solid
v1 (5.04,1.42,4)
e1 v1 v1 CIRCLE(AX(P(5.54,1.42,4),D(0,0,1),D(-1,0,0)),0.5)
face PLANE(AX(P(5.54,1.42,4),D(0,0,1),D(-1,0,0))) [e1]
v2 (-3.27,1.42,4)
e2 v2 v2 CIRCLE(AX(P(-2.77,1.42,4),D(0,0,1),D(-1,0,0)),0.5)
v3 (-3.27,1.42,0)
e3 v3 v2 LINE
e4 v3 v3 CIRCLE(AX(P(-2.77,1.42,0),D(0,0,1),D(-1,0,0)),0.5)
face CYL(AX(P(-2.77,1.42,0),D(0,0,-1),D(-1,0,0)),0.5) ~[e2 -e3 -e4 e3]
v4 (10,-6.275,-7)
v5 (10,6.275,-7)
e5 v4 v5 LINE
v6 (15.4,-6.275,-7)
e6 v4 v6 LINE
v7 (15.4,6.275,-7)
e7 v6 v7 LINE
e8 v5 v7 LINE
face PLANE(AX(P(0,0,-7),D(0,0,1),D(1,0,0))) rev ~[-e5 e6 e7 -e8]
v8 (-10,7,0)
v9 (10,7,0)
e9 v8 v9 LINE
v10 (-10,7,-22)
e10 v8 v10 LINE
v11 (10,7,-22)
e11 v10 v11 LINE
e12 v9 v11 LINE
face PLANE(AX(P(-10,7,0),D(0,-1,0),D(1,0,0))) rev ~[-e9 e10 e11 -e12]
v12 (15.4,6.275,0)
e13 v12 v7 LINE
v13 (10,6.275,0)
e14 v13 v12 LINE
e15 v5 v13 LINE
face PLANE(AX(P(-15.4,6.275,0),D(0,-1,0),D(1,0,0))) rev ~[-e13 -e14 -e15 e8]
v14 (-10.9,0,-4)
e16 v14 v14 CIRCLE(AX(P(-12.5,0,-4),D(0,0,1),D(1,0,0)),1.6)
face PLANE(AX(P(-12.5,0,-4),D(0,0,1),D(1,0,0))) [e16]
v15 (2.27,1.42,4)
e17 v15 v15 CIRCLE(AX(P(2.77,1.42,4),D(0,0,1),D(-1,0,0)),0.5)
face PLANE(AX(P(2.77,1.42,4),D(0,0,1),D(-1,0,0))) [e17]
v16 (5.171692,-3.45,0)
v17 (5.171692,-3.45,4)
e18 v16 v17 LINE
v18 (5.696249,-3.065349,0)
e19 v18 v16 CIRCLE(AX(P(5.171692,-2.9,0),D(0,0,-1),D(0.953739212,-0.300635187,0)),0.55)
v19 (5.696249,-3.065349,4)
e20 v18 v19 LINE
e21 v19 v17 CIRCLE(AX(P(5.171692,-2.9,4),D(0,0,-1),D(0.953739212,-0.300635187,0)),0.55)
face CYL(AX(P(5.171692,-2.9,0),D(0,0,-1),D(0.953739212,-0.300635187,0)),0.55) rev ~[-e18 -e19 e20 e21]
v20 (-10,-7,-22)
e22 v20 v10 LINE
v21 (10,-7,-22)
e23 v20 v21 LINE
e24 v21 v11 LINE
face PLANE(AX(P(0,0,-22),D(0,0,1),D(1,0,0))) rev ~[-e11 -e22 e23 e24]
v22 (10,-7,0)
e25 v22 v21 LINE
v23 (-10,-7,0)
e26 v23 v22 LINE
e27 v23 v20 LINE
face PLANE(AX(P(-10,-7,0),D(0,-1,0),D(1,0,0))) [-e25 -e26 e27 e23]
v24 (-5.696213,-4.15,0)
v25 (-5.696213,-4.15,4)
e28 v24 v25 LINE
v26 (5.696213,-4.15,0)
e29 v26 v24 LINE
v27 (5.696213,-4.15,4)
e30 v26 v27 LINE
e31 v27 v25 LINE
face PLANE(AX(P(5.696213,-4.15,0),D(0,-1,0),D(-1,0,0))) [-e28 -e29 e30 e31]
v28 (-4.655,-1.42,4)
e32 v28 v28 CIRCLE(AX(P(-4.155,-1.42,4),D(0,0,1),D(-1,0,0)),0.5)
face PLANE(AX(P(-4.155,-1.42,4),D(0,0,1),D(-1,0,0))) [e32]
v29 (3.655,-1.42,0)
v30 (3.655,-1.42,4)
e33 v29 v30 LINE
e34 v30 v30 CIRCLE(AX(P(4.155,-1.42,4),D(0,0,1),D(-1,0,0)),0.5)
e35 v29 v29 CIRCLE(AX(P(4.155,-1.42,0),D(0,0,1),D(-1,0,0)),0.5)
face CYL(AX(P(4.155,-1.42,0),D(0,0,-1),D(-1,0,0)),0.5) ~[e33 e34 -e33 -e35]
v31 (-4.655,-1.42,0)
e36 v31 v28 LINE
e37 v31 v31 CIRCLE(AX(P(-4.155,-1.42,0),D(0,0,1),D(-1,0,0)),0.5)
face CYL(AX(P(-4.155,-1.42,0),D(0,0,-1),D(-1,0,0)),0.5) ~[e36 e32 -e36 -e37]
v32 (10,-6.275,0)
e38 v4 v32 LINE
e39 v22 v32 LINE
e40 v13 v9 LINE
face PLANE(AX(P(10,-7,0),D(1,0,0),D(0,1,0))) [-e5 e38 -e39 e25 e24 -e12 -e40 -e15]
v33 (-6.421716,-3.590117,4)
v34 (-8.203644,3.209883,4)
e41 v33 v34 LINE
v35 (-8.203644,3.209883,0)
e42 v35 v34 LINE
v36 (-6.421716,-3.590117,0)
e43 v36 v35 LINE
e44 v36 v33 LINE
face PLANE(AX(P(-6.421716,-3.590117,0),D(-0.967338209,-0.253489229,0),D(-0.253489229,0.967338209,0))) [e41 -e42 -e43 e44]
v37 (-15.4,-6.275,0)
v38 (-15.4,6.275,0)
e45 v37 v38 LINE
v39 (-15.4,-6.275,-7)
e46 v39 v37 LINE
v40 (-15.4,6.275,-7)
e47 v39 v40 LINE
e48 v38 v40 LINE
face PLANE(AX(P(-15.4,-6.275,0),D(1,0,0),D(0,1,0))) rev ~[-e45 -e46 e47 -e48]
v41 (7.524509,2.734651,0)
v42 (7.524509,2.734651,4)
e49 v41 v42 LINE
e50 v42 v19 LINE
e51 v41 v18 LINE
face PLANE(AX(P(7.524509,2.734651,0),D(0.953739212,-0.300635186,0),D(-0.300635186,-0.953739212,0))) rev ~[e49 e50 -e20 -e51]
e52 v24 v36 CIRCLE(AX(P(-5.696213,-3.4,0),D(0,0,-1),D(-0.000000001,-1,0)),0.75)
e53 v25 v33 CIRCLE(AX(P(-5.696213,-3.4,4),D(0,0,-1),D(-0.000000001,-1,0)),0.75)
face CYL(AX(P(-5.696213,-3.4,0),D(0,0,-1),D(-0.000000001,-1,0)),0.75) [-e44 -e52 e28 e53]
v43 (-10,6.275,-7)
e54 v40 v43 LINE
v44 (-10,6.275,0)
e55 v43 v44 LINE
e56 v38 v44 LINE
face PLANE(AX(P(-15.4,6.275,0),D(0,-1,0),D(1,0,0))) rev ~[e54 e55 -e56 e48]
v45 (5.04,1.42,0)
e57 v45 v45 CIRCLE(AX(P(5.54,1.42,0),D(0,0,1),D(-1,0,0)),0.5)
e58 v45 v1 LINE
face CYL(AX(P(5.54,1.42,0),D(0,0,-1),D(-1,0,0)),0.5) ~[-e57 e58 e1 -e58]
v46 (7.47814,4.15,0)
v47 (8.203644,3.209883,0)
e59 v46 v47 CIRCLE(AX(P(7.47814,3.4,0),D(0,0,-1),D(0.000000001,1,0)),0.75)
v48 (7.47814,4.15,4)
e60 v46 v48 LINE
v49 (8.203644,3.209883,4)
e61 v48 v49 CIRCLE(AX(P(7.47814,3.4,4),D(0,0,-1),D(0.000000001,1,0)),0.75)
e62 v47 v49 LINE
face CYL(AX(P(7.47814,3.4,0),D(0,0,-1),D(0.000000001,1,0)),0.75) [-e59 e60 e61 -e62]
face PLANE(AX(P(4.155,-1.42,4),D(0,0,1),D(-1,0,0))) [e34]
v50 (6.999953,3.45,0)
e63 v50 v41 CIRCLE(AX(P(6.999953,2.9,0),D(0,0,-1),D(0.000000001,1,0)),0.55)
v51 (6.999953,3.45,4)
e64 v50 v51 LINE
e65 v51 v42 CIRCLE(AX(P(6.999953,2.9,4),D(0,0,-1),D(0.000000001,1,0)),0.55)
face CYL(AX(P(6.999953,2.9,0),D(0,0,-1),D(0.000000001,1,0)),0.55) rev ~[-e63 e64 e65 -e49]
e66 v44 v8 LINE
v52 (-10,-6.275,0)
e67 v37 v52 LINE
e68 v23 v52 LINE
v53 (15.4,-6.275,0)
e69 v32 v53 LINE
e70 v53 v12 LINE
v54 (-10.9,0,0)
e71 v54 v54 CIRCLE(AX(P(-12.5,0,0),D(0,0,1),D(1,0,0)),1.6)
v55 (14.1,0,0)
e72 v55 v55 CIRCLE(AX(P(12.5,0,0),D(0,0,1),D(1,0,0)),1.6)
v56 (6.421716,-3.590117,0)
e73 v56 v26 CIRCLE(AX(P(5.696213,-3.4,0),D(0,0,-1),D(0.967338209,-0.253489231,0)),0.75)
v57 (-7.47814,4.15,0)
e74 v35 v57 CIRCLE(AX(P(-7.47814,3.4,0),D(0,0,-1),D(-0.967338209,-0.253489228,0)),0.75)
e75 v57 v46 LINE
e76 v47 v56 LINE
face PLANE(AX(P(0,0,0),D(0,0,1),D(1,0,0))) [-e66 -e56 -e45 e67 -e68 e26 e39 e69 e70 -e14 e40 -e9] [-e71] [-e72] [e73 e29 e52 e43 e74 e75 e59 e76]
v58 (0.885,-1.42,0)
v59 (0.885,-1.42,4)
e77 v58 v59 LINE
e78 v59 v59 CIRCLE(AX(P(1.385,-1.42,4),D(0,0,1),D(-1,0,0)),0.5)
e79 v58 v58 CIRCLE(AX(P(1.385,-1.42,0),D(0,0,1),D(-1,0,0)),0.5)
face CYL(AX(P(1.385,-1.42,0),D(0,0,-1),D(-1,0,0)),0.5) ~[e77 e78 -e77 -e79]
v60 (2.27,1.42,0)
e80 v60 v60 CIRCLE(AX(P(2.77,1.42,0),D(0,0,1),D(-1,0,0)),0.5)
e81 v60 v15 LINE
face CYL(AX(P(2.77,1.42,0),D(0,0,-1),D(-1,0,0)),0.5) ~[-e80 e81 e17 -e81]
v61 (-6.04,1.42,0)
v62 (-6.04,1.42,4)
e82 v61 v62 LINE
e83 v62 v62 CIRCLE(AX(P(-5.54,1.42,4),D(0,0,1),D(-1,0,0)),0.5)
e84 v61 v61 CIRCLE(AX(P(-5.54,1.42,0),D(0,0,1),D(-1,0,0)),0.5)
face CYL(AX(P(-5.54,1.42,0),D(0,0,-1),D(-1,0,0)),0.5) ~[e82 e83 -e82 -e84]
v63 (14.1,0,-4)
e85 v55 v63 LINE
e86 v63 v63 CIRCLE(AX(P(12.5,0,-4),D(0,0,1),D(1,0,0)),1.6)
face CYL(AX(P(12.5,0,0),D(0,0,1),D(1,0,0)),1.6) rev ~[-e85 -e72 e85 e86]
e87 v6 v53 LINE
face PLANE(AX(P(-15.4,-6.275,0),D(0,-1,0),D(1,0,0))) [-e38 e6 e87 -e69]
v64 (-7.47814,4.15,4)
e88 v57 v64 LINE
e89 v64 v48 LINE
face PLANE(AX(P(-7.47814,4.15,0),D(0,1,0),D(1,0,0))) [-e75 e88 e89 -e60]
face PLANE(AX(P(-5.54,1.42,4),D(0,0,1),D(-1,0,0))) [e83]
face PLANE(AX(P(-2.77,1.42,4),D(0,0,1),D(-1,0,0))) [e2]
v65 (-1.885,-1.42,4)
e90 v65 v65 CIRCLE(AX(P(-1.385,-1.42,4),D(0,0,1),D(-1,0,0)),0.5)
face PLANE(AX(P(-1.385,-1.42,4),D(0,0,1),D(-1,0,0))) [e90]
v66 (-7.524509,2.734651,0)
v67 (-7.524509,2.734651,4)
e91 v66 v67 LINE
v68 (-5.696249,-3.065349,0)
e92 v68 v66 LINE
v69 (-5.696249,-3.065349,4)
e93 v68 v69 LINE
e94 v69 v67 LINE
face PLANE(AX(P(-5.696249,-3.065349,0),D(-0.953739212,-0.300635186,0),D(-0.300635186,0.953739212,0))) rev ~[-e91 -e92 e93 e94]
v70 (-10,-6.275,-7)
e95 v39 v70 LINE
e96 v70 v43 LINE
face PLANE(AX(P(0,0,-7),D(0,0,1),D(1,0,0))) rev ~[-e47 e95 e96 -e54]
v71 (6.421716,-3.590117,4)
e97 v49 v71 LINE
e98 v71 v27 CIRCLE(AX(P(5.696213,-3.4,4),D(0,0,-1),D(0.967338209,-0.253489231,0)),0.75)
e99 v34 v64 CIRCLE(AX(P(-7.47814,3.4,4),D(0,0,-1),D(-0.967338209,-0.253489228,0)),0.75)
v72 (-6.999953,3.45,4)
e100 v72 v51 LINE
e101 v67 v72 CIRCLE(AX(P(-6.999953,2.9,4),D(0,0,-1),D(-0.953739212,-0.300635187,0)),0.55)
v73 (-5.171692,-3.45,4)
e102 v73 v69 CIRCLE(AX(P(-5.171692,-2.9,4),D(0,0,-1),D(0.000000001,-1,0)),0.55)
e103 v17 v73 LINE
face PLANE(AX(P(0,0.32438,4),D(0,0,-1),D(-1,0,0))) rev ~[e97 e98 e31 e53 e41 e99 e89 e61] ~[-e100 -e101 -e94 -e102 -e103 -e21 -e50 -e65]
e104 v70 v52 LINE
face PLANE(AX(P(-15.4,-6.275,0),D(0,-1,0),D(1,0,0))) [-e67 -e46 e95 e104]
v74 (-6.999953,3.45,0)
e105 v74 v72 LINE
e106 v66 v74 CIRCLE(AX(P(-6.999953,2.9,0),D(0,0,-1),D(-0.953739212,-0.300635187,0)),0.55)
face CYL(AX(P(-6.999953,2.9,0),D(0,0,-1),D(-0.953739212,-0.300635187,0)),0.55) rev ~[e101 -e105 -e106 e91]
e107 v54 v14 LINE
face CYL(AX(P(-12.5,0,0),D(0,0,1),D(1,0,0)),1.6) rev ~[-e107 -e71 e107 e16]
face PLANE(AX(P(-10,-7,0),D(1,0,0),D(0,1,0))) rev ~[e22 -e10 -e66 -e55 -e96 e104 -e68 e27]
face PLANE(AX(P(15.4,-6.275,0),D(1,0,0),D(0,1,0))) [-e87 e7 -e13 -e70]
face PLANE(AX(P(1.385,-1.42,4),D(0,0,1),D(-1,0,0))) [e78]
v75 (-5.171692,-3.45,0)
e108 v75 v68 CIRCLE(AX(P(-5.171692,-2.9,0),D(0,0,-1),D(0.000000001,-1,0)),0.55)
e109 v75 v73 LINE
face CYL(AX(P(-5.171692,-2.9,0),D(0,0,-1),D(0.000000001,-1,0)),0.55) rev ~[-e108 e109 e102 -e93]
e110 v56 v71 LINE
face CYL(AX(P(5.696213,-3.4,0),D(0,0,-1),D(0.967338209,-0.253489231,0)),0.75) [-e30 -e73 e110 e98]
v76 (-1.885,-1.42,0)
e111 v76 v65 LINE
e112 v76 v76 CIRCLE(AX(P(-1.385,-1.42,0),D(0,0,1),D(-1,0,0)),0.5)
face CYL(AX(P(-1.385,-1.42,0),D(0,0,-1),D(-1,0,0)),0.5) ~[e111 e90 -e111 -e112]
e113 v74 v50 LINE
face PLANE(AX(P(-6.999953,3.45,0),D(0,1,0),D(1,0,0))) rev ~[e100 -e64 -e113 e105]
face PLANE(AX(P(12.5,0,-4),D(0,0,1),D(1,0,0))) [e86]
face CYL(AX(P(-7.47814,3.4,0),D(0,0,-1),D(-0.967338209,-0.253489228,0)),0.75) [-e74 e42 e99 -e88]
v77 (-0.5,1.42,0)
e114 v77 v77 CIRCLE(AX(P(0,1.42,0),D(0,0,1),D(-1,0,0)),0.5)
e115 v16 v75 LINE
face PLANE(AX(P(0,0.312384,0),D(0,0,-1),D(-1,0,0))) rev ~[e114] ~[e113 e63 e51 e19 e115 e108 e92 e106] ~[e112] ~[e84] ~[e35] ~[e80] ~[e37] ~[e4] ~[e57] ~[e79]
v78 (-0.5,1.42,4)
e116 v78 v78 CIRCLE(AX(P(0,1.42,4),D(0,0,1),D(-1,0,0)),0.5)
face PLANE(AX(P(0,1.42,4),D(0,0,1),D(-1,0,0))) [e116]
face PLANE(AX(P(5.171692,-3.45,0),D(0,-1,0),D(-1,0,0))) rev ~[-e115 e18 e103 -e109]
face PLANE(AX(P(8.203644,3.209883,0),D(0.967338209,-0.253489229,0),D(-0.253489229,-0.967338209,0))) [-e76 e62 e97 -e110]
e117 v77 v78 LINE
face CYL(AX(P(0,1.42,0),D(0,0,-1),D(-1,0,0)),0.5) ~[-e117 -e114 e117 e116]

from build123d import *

# Parameters (mm, degrees)
SKETCH_1_W                                     = 30.8
SKETCH_1_H                                     = 12.55
M3_01_THINFLANGE_30_80X12_55X0_60_DEPTH        = 0.6
SKETCH_2_W                                     = 30.8
SKETCH_2_H                                     = 12.55
M3_02_FIRSTSHOULDER_30_80X12_55_D7_00_DEPTH    = 7
SKETCH_3_W                                     = 20
SKETCH_3_H                                     = 14
M3_03_SECONDSTAGECORE_20_00X14_00_D22_00_DEPTH = 22
SKETCH_4_R                                     = 2.5
M3_04_SIMPLIFIEDFIXEDPOSTS_DIA5_00_L3_50_DEPTH = 3.5
M3_05_ROUNDEDDGUIDE_OUTERBOSS_L4_00_DEPTH      = 4
M3_06_ROUNDEDDGUIDE_INNEROPENING_DEPTH         = 4
SKETCH_7_R                                     = 0.5
M3_07_9PINS_DIA1_00_L4_00_DEPTH                = 4
SKETCH_8_R                                     = 1.6
M3_08_FIXEDPOSTBORES_DIA3_20_PITCH25_00_DEPTH  = 4


with BuildPart() as part:
    # 草图1 → M3_01_ThinFlange_30.80x12.55x0.60 (new body)
    with BuildSketch(Plane.XY):
        Rectangle(SKETCH_1_W, SKETCH_1_H)
    extrude(amount=-M3_01_THINFLANGE_30_80X12_55X0_60_DEPTH)

    # 草图2 → M3_02_FirstShoulder_30.80x12.55_D7.00 (add)
    with BuildSketch(Plane.XY):
        Rectangle(SKETCH_2_W, SKETCH_2_H)
    extrude(amount=-M3_02_FIRSTSHOULDER_30_80X12_55_D7_00_DEPTH)

    # 草图3 → M3_03_SecondStageCore_20.00x14.00_D22.00_FromFlange (add)
    with BuildSketch(Plane.XY):
        Rectangle(SKETCH_3_W, SKETCH_3_H)
    extrude(amount=-M3_03_SECONDSTAGECORE_20_00X14_00_D22_00_DEPTH)

    # 草图4 → M3_04_SimplifiedFixedPosts_Dia5.00_L3.50 (add)
    with BuildSketch(Plane.XY):
        with Locations((-12.5, 0)):
            Circle(SKETCH_4_R)
        with Locations((12.5, 0)):
            Circle(SKETCH_4_R)
    extrude(amount=-M3_04_SIMPLIFIEDFIXEDPOSTS_DIA5_00_L3_50_DEPTH)

    # 草图5 → M3_05_RoundedDGuide_OuterBoss_L4.00 (add)
    with BuildSketch(Plane.XY):
        with BuildLine():
            Line((-7.478140403, 4.15), (7.478140403, 4.15))
            ThreePointArc((7.478140403, 4.15), (8.071894431, 3.858209727), (8.20364406, 3.209883078))
            Line((8.20364406, 3.209883078), (6.421716349, -3.590116922))
            ThreePointArc((6.421716349, -3.590116922), (6.154422419, -3.993754028), (5.696212692, -4.15))
            Line((5.696212692, -4.15), (-5.696212692, -4.15))
            ThreePointArc((-5.696212692, -4.15), (-6.154422419, -3.993754028), (-6.421716349, -3.590116922))
            Line((-6.421716349, -3.590116922), (-8.20364406, 3.209883078))
            ThreePointArc((-8.20364406, 3.209883078), (-8.071894431, 3.858209727), (-7.478140403, 4.15))
        make_face()
    extrude(amount=M3_05_ROUNDEDDGUIDE_OUTERBOSS_L4_00_DEPTH)

    # 草图6 → M3_06_RoundedDGuide_InnerOpening (cut)
    with BuildSketch(Plane.XY):
        with BuildLine():
            Line((-6.999952877, 3.45), (6.999952877, 3.45))
            ThreePointArc((6.999952877, 3.45), (7.443485369, 3.225236726), (7.524509443, 2.734650647))
            Line((7.524509443, 2.734650647), (5.696248574, -3.065349353))
            ThreePointArc((5.696248574, -3.065349353), (5.496928733, -3.343532493), (5.171692007, -3.45))
            Line((5.171692007, -3.45), (-5.171692007, -3.45))
            ThreePointArc((-5.171692007, -3.45), (-5.496928733, -3.343532493), (-5.696248574, -3.065349353))
            Line((-5.696248574, -3.065349353), (-7.524509443, 2.734650647))
            ThreePointArc((-7.524509443, 2.734650647), (-7.443485369, 3.225236726), (-6.999952877, 3.45))
        make_face()
    extrude(amount=M3_06_ROUNDEDDGUIDE_INNEROPENING_DEPTH, mode=Mode.SUBTRACT)

    # 草图7 → M3_07_9Pins_Dia1.00_L4.00 (add)
    with BuildSketch(Plane.XY):
        with Locations(Location((-5.54, 1.42, 0), (0, 0, 180))):
            Circle(SKETCH_7_R)
        with Locations(Location((-2.77, 1.42, 0), (0, 0, 180))):
            Circle(SKETCH_7_R)
        with Locations(Location((0, 1.42, 0), (0, 0, 180))):
            Circle(SKETCH_7_R)
        with Locations(Location((2.77, 1.42, 0), (0, 0, 180))):
            Circle(SKETCH_7_R)
        with Locations(Location((5.54, 1.42, 0), (0, 0, 180))):
            Circle(SKETCH_7_R)
        with Locations(Location((-4.155, -1.42, 0), (0, 0, 180))):
            Circle(SKETCH_7_R)
        with Locations(Location((-1.385, -1.42, 0), (0, 0, 180))):
            Circle(SKETCH_7_R)
        with Locations(Location((1.385, -1.42, 0), (0, 0, 180))):
            Circle(SKETCH_7_R)
        with Locations(Location((4.155, -1.42, 0), (0, 0, 180))):
            Circle(SKETCH_7_R)
    extrude(amount=M3_07_9PINS_DIA1_00_L4_00_DEPTH)

    # 草图8 → M3_08_FixedPostBores_Dia3.20_Pitch25.00 (cut)
    with BuildSketch(Plane.XY):
        with Locations((-12.5, 0)):
            Circle(SKETCH_8_R)
        with Locations((12.5, 0)):
            Circle(SKETCH_8_R)
    extrude(amount=-M3_08_FIXEDPOSTBORES_DIA3_20_PITCH25_00_DEPTH, mode=Mode.SUBTRACT)


solid = part.part
